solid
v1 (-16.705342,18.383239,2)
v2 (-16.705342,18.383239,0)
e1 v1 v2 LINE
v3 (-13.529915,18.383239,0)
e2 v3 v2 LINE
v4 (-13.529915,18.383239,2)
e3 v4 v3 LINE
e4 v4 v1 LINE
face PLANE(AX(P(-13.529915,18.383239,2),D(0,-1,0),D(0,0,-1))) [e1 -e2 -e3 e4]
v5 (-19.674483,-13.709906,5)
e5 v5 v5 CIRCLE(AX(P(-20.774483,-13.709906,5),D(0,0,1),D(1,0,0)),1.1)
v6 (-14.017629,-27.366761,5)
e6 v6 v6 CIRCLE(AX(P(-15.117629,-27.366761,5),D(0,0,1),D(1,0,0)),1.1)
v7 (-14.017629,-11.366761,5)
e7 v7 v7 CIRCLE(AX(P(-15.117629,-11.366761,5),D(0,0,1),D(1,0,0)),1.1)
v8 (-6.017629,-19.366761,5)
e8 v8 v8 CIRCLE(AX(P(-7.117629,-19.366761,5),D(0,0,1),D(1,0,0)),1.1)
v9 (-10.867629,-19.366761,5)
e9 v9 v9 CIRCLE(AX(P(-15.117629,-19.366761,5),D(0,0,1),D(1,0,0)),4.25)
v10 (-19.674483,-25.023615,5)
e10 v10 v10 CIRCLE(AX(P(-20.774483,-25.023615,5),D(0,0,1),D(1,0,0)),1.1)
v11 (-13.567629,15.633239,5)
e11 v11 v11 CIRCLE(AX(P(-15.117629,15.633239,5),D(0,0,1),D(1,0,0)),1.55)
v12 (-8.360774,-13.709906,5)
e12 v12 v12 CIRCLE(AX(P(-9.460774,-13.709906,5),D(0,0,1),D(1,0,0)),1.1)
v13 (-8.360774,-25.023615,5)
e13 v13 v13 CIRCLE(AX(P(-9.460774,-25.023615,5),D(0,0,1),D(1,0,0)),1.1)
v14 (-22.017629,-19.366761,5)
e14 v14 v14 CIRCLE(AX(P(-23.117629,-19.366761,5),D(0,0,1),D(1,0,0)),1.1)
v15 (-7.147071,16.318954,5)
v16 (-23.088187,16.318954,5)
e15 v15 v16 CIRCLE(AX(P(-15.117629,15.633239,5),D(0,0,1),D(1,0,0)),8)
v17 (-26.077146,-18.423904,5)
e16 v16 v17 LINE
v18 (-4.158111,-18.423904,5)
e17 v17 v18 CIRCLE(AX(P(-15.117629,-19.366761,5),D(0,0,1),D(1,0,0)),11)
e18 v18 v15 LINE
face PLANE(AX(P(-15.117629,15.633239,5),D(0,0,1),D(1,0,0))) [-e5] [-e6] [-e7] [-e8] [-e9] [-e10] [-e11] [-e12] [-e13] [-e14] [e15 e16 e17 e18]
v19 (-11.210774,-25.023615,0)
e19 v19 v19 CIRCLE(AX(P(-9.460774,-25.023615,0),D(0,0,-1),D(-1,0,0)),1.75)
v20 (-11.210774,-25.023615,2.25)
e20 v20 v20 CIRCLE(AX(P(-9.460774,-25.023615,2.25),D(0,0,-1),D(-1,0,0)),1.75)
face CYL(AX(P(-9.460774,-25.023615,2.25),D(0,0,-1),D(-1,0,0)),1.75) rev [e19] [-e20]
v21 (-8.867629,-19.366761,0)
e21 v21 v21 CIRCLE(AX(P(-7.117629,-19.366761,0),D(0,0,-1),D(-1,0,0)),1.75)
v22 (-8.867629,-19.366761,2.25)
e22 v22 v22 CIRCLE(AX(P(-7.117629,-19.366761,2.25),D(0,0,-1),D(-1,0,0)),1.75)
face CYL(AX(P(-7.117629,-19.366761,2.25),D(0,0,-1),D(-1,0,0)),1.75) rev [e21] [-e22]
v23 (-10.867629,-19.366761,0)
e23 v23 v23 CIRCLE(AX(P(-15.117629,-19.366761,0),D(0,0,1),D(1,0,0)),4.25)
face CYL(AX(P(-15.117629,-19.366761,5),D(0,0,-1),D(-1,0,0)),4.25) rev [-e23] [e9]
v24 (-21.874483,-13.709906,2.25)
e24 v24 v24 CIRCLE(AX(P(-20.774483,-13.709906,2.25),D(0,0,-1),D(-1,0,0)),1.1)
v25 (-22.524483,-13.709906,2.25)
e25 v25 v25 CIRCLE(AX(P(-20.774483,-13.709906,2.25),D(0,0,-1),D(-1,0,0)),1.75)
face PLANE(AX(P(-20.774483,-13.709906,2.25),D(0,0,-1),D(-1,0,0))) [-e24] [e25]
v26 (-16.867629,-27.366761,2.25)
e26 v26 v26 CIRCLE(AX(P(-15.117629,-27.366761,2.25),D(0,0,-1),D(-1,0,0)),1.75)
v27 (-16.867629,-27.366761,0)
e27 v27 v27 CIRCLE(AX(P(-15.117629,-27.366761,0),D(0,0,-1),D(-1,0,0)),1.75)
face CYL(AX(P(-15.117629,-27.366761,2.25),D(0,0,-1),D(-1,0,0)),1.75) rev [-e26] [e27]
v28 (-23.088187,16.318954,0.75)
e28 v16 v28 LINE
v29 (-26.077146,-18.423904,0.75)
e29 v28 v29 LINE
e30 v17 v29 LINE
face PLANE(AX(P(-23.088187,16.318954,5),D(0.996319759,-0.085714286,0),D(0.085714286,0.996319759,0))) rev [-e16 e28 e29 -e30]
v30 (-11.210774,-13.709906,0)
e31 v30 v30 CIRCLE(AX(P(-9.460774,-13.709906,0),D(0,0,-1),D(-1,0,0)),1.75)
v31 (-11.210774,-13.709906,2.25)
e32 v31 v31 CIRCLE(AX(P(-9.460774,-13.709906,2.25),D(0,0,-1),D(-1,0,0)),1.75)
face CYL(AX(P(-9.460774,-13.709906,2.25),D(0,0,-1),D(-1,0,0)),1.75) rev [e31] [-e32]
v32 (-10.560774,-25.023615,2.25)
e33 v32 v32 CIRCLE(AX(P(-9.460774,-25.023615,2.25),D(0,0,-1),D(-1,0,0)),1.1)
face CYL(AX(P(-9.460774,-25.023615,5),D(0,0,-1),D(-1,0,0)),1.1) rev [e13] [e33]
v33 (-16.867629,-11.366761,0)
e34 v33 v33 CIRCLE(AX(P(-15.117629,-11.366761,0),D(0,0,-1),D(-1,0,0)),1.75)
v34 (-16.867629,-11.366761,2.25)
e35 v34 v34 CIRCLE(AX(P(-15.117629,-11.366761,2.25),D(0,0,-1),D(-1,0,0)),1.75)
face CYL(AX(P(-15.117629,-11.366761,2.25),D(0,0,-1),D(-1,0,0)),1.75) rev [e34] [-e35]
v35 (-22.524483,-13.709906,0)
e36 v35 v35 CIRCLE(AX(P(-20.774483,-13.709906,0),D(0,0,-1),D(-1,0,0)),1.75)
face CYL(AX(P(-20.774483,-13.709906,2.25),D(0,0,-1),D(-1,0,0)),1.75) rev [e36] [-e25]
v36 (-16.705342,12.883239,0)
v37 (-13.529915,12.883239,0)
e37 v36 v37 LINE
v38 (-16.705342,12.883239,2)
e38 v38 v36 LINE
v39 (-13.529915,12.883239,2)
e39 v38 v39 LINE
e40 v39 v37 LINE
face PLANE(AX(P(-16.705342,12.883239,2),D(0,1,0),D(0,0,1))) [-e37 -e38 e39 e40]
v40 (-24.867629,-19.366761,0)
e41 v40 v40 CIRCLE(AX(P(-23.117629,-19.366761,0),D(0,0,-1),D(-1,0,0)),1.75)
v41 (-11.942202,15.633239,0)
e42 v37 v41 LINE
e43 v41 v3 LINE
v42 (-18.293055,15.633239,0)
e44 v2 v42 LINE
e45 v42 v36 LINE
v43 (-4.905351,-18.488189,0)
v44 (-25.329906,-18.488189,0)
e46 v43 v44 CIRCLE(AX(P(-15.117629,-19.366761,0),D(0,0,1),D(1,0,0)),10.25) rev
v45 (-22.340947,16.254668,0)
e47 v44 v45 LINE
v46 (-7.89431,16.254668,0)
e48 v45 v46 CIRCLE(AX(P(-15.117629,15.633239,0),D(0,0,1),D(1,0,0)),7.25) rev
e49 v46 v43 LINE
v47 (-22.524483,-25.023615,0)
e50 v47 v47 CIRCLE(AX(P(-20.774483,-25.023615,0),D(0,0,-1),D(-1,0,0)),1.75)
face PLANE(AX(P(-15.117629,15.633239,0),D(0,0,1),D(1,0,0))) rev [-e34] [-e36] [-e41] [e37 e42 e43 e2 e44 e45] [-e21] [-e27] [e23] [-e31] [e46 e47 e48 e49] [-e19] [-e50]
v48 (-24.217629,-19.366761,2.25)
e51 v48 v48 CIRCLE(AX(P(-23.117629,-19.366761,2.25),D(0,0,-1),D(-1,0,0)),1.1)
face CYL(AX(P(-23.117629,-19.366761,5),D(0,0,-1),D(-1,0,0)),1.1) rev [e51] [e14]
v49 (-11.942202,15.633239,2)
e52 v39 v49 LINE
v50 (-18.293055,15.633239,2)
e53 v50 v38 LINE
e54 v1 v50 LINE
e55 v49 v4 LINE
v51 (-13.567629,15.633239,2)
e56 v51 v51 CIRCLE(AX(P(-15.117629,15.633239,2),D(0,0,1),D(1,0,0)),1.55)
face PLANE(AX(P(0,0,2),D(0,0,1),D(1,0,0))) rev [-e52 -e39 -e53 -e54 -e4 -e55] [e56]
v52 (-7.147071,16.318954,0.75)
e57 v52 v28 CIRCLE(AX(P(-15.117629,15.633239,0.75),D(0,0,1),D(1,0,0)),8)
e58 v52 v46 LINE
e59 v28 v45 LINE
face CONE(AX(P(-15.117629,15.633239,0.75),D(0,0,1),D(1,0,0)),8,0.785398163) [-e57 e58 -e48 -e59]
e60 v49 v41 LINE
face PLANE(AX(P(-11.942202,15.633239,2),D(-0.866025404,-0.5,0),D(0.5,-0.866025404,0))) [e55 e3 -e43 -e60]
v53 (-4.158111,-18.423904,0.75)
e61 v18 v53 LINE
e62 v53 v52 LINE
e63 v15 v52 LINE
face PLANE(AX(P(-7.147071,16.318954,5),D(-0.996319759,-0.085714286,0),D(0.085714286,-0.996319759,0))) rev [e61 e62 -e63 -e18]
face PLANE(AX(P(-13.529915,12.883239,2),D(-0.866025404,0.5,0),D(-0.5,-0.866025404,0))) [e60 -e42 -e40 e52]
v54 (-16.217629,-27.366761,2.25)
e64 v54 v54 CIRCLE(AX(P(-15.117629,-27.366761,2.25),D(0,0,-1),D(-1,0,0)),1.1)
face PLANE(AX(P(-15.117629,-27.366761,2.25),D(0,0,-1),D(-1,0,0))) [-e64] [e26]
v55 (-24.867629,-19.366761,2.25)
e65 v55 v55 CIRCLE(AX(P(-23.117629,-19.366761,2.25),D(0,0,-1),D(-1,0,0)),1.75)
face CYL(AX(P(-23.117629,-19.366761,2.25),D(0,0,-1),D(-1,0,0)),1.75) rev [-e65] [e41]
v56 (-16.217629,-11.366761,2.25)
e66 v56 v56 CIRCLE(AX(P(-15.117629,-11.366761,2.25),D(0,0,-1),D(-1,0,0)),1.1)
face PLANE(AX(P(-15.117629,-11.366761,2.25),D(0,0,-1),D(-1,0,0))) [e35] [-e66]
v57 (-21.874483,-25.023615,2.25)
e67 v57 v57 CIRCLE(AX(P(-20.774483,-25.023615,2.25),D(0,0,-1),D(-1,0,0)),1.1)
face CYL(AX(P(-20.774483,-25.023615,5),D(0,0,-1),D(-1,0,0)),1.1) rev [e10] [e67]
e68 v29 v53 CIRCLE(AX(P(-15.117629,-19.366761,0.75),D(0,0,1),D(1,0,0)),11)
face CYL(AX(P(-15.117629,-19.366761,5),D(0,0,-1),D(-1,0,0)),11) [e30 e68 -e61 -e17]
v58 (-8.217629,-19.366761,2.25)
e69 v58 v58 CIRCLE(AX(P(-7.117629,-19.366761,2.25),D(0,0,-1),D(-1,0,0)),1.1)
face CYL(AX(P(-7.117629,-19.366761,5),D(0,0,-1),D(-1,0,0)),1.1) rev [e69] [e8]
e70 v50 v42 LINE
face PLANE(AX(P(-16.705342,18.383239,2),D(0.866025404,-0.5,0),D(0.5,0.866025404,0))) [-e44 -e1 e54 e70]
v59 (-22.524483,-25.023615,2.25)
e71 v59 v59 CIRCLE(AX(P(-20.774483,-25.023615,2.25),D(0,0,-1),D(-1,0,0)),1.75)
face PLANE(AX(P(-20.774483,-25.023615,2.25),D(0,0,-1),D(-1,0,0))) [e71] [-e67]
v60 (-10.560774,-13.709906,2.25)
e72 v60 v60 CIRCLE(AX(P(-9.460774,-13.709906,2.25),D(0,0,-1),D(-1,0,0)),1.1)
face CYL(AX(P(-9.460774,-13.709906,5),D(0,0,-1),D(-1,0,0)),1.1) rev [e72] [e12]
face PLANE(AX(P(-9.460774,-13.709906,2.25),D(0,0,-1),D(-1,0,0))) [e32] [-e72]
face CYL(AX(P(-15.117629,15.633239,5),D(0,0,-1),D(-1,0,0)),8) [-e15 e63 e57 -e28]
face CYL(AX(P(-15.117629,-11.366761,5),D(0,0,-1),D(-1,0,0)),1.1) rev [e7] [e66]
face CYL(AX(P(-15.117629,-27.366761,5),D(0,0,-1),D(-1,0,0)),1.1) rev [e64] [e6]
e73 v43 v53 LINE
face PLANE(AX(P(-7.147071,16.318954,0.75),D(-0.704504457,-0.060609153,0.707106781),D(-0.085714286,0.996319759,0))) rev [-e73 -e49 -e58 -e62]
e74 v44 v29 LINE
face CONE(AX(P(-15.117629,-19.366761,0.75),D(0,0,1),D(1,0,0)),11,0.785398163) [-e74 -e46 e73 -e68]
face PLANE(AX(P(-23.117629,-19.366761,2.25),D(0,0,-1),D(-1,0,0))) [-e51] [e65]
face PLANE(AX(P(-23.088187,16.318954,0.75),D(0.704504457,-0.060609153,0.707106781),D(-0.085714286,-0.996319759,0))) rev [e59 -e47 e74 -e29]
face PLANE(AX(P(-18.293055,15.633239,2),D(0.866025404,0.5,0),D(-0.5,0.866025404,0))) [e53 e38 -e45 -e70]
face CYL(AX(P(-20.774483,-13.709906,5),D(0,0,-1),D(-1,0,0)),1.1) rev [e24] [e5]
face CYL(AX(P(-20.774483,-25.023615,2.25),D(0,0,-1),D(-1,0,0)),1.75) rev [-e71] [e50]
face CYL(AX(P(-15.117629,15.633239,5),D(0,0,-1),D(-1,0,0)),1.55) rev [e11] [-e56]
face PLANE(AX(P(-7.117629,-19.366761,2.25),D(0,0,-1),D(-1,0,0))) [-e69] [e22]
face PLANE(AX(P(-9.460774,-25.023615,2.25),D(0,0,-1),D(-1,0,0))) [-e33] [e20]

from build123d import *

# Parameters (mm, degrees)
SKETCH1_R           = 1.55
SKETCH1_R_2         = 4.25
SKETCH1_R_3         = 1.1
BOSS_EXTRUDE1_DEPTH = 5
CUT_EXTRUDE2_DEPTH  = 2
SKETCH4_R           = 1.75
CUT_EXTRUDE3_DEPTH  = 2.25
CHAFL_N1_SIZE       = 0.75


with BuildPart() as part:
    # Sketch1 → Boss-Extrude1 (new body)
    with BuildSketch(Plane.XY):
        with BuildLine():
            Line((-23.088186689, 16.318953541), (-26.077145964, -18.423903602))
            ThreePointArc((-26.077145964, -18.423903602), (-15.11762862, -30.366760745), (-4.158111277, -18.423903602))
            Line((-4.158111277, -18.423903602), (-7.147070552, 16.318953541))
            ThreePointArc((-7.147070552, 16.318953541), (-15.11762862, 23.633239255), (-23.088186689, 16.318953541))
        make_face()
        with Locations((-15.11762862, 15.633239255)):
            Circle(SKETCH1_R, mode=Mode.SUBTRACT)
        with Locations((-15.11762862, -19.366760745)):
            Circle(SKETCH1_R_2, mode=Mode.SUBTRACT)
        with Locations((-7.11762862, -19.366760745)):
            Circle(SKETCH1_R_3, mode=Mode.SUBTRACT)
        with Locations((-9.460774371, -25.023614994)):
            Circle(SKETCH1_R_3, mode=Mode.SUBTRACT)
        with Locations((-15.11762862, -27.366760745)):
            Circle(SKETCH1_R_3, mode=Mode.SUBTRACT)
        with Locations((-20.77448287, -25.023614994)):
            Circle(SKETCH1_R_3, mode=Mode.SUBTRACT)
        with Locations((-23.11762862, -19.366760745)):
            Circle(SKETCH1_R_3, mode=Mode.SUBTRACT)
        with Locations((-20.77448287, -13.709906495)):
            Circle(SKETCH1_R_3, mode=Mode.SUBTRACT)
        with Locations((-15.11762862, -11.366760745)):
            Circle(SKETCH1_R_3, mode=Mode.SUBTRACT)
        with Locations((-9.460774371, -13.709906495)):
            Circle(SKETCH1_R_3, mode=Mode.SUBTRACT)
    extrude(amount=BOSS_EXTRUDE1_DEPTH)

    # Sketch3 → Cut-Extrude2 (cut)
    with BuildSketch(Plane.XY):
        Polygon((-13.52991538, 12.883239255), (-11.94220214, 15.633239255), (-13.52991538, 18.383239255), (-16.705341861, 18.383239255), (-18.293055101, 15.633239255), (-16.705341861, 12.883239255), align=None)
    extrude(amount=CUT_EXTRUDE2_DEPTH, mode=Mode.SUBTRACT)

    # Sketch4 → Cut-Extrude3 (cut)
    with BuildSketch(Plane(origin=(0, 0, 0), x_dir=(-1, 0, 0), z_dir=(0, 0, -1))):
        with Locations((23.11762862, -19.366760745)):
            Circle(SKETCH4_R)
        with Locations((20.77448287, -25.023614994)):
            Circle(SKETCH4_R)
        with Locations((15.11762862, -27.366760745)):
            Circle(SKETCH4_R)
        with Locations((9.460774371, -25.023614994)):
            Circle(SKETCH4_R)
        with Locations((7.11762862, -19.366760745)):
            Circle(SKETCH4_R)
        with Locations((9.460774371, -13.709906495)):
            Circle(SKETCH4_R)
        with Locations((15.11762862, -11.366760745)):
            Circle(SKETCH4_R)
        with Locations((20.77448287, -13.709906495)):
            Circle(SKETCH4_R)
    extrude(amount=-CUT_EXTRUDE3_DEPTH, mode=Mode.SUBTRACT)

    # Chaflán1
    chafl_n1_edges = [part.edges().sort_by_distance(p)[0] for p in [
        (-5.652590914, -1.05247503, 0),
        (-15.11762862, -30.366760745, 0),
        (-24.582666326, -1.05247503, 0),
        (-15.11762862, 23.633239255, 0),
    ]]
    chamfer(chafl_n1_edges, length=CHAFL_N1_SIZE)


solid = part.part
